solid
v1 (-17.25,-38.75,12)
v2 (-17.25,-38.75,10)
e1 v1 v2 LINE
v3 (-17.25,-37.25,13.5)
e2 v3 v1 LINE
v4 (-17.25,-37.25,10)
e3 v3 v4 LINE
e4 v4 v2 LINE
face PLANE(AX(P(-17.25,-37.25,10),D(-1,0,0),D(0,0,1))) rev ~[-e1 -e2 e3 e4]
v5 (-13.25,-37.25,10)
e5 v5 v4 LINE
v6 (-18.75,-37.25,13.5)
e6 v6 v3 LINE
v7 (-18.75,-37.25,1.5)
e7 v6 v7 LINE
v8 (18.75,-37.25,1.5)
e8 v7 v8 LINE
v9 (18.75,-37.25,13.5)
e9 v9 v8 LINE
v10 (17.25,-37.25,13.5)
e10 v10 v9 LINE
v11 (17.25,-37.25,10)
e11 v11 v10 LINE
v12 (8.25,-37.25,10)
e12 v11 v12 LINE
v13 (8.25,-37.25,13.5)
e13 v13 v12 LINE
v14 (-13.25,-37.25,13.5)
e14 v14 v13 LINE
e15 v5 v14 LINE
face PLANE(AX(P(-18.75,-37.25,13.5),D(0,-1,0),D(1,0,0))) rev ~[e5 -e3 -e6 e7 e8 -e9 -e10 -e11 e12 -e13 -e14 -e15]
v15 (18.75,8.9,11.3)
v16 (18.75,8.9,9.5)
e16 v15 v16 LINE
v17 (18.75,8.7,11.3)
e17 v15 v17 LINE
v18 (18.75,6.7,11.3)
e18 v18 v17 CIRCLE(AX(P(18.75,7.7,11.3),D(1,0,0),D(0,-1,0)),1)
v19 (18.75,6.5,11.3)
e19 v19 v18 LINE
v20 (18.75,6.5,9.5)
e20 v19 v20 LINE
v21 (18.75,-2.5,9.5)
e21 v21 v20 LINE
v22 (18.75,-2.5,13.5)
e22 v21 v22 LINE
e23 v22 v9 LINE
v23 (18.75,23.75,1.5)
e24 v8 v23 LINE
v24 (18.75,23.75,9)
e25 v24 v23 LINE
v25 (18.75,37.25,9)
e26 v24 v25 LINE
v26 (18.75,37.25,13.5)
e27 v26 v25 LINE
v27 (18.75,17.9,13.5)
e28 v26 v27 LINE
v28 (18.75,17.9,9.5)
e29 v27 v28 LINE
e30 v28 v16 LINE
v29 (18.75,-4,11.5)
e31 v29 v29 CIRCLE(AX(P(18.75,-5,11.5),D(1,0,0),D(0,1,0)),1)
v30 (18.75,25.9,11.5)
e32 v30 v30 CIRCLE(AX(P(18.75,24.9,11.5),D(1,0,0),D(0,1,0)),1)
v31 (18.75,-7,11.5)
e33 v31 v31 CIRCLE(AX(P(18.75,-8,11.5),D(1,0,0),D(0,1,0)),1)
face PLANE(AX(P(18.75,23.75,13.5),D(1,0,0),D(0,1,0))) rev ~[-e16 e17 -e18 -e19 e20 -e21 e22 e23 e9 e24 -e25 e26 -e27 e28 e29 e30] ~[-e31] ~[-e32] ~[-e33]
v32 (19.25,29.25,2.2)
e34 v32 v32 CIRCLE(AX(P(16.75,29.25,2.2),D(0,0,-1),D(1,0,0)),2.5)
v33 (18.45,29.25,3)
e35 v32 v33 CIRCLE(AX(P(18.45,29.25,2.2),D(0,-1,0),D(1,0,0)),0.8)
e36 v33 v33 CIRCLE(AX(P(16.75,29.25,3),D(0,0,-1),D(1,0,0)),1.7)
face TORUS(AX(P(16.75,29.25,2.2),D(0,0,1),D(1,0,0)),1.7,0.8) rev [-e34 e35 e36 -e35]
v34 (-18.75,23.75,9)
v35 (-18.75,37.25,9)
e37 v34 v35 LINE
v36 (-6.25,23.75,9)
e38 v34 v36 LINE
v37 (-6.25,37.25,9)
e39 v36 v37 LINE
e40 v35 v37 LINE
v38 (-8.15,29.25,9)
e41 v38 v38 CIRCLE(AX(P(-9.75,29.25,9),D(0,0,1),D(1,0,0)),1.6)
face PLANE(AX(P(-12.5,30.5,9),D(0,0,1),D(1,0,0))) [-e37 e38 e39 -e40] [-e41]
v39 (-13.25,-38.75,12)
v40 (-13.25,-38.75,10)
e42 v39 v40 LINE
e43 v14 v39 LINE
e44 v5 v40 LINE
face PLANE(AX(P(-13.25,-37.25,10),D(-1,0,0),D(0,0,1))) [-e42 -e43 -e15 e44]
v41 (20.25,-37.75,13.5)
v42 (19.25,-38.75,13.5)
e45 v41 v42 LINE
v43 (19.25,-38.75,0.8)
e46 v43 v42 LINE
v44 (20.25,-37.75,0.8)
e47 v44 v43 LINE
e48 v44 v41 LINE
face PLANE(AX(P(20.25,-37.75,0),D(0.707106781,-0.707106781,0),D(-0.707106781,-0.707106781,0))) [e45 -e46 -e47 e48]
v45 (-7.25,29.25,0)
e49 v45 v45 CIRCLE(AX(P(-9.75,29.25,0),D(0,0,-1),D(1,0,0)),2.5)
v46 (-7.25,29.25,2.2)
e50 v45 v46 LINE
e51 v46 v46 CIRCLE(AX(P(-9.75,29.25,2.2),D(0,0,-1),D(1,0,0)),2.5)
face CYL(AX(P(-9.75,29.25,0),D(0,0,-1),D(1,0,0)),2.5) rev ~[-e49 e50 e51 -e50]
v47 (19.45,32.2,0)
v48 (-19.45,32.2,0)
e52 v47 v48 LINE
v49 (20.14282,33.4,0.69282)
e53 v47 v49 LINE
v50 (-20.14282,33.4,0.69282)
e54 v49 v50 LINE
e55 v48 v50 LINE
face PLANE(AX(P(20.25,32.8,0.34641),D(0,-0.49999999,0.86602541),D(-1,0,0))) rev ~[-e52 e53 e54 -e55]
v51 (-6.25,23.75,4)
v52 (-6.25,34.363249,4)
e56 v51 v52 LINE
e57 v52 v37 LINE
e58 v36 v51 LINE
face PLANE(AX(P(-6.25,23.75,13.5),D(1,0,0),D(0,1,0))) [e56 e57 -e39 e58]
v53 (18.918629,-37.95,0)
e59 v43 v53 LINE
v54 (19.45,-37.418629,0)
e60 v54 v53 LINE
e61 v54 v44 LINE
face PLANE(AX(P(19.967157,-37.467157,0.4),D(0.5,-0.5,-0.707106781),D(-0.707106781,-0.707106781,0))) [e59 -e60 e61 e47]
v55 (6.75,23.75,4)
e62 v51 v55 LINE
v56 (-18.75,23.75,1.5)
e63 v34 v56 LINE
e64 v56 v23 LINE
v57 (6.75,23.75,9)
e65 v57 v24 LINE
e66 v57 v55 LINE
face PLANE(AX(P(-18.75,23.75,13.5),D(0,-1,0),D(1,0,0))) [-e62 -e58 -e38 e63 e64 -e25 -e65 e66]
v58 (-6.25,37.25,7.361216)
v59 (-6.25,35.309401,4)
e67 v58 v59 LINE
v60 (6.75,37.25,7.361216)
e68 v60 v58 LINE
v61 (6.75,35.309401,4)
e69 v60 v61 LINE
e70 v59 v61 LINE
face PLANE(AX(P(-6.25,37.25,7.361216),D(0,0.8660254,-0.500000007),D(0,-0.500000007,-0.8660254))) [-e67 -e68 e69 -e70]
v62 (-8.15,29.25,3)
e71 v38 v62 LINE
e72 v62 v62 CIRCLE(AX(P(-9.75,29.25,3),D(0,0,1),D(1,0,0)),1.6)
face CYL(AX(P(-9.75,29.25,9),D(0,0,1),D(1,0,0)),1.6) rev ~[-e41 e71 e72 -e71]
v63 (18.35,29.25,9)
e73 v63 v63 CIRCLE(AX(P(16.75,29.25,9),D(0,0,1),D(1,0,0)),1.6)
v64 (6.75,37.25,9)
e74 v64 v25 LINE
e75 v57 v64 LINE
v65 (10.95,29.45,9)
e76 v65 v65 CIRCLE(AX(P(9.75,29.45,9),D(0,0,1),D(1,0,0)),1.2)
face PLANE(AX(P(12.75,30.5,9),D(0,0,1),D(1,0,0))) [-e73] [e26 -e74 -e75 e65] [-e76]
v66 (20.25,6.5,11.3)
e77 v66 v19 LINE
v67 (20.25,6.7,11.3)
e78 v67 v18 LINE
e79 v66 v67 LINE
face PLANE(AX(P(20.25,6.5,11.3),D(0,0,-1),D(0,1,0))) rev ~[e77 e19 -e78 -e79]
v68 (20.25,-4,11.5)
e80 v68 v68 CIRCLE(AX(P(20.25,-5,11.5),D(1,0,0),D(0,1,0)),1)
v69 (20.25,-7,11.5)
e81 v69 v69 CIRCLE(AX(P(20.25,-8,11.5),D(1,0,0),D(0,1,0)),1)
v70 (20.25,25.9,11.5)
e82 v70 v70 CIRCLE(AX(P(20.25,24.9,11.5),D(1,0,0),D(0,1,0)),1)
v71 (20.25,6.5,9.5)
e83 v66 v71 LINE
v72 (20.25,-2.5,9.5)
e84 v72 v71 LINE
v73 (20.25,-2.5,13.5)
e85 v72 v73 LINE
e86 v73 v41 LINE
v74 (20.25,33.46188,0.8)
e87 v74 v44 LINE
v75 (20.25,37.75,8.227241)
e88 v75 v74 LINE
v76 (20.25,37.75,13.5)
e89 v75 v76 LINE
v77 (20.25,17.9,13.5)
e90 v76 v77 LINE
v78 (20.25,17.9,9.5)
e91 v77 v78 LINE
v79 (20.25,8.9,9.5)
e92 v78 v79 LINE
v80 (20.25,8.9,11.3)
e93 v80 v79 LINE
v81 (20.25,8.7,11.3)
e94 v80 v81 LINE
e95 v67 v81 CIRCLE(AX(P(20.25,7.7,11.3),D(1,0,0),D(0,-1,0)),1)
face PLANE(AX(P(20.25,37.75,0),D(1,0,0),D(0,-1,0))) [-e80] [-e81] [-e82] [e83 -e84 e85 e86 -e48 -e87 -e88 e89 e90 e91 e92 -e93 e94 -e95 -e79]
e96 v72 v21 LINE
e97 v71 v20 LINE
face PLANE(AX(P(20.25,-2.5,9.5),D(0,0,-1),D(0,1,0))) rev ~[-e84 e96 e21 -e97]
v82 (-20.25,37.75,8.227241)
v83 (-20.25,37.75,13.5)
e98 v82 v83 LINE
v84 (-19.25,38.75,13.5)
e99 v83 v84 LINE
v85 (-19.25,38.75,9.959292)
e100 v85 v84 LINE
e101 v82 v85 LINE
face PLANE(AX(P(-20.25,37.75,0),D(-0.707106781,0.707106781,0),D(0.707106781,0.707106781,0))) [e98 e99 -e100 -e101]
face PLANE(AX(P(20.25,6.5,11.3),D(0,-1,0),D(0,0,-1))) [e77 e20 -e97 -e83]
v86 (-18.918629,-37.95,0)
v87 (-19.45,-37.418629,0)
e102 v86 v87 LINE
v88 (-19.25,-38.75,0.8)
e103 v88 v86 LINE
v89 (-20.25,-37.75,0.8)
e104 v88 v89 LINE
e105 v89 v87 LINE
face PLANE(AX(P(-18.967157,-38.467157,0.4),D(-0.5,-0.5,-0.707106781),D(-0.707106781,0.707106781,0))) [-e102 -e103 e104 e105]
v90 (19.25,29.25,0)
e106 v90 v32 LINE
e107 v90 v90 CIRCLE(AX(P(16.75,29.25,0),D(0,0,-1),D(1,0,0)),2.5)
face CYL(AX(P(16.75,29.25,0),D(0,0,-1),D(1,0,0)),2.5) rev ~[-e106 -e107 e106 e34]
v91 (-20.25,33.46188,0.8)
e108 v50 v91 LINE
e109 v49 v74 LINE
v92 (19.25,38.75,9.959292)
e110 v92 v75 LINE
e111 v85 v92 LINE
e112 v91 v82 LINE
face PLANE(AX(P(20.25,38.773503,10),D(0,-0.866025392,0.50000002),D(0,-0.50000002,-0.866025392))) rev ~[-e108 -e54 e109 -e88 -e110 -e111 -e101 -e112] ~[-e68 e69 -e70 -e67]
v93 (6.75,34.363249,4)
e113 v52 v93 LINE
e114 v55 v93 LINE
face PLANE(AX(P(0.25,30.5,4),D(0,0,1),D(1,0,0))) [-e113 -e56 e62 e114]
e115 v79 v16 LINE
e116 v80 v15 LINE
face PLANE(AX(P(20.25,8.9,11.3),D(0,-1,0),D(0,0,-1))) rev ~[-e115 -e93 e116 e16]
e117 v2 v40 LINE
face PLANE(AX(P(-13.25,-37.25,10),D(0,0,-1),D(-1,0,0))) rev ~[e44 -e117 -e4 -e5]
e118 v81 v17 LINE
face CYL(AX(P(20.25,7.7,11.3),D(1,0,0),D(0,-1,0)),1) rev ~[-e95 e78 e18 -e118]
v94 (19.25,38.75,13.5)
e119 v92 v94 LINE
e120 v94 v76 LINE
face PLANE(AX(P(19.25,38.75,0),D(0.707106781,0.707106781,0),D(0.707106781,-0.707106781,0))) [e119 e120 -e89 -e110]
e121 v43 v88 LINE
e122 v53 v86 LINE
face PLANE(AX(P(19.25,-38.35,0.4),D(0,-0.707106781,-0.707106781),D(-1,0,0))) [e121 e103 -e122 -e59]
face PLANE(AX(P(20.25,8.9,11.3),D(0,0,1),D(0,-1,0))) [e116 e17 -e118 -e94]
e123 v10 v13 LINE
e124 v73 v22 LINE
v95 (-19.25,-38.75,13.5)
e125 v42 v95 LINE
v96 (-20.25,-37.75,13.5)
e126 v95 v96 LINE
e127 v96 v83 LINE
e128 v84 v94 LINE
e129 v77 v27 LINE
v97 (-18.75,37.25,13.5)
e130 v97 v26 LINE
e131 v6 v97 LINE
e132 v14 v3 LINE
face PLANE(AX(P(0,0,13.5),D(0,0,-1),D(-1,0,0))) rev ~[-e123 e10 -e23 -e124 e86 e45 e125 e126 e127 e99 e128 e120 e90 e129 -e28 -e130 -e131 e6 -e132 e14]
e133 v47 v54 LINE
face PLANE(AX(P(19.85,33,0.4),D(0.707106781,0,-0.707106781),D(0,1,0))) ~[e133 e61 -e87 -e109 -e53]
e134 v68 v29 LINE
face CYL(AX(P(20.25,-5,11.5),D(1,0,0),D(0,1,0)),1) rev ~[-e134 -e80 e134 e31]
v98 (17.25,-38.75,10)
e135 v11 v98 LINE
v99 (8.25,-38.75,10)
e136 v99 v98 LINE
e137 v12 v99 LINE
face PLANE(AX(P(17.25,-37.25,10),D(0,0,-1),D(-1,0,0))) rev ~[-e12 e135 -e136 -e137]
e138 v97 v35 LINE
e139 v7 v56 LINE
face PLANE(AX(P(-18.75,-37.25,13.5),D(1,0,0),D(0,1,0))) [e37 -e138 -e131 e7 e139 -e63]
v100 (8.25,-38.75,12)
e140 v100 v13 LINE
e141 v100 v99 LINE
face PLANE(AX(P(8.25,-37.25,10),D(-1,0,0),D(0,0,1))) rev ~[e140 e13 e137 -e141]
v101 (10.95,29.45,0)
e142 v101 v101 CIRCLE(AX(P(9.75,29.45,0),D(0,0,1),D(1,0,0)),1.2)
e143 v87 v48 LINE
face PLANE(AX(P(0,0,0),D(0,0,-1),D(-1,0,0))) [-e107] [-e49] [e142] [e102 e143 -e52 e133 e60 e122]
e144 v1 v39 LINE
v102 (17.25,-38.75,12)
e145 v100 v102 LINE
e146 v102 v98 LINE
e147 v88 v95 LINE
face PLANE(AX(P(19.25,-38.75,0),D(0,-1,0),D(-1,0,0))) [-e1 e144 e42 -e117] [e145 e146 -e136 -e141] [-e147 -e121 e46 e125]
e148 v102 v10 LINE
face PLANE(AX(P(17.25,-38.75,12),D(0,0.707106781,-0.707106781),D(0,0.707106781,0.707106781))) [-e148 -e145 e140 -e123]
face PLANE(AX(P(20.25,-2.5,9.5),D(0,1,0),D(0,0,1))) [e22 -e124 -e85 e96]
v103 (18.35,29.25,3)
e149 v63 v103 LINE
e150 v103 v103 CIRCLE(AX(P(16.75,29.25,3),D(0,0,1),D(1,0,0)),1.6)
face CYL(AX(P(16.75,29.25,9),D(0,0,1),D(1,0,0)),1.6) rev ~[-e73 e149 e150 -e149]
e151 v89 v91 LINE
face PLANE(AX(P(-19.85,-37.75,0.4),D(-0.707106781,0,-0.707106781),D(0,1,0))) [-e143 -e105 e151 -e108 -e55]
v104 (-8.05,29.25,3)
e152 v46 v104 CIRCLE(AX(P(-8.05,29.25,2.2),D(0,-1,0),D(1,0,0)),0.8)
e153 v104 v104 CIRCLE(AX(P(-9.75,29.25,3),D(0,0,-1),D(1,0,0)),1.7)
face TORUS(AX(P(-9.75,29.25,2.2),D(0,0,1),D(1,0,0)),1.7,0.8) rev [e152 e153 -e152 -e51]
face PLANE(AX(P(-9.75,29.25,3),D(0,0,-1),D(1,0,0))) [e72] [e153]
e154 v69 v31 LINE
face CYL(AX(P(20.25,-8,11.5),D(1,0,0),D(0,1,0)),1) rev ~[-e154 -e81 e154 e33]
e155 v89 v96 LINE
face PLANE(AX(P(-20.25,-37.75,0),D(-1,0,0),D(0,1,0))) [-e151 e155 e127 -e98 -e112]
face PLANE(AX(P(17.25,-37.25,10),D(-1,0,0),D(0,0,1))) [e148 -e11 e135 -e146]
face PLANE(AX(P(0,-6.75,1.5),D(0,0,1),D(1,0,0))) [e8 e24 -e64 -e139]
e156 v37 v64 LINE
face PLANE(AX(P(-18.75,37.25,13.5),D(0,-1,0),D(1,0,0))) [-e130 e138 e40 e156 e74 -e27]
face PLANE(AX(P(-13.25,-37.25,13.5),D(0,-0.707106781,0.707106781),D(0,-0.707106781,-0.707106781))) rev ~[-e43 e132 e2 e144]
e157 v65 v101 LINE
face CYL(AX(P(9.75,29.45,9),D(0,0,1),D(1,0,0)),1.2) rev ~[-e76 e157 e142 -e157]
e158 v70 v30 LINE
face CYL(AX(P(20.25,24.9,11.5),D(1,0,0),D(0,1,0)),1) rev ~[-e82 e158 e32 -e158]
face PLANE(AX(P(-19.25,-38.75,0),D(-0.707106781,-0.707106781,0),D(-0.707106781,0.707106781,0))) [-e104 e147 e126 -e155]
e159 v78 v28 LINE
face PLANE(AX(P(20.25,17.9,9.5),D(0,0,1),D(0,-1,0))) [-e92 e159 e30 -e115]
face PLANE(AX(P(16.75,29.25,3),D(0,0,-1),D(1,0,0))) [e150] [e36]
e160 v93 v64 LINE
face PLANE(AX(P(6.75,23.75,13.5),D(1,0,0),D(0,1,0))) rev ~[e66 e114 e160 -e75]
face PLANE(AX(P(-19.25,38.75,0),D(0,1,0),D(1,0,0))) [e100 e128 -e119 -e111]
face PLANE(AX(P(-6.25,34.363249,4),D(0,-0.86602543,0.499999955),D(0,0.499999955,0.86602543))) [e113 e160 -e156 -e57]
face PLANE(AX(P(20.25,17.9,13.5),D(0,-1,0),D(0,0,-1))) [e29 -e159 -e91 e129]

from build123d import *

# Parameters (mm, degrees)
PAD_DEPTH          = 13.5
SKETCH001_W        = 37.5
SKETCH001_H        = 61
POCKET_DEPTH       = 12
SKETCH002_W        = 13
SKETCH002_H        = 13.5
POCKET012020_DEPTH = 9.5
SKETCH004_W        = 12
SKETCH004_H        = 13.5
SKETCH004_W_2      = 12.5
POCKET012021_DEPTH = 4.5
SKETCH003_R        = 1.6
SKETCH003_R_2      = 1.2
POCKET012022_DEPTH = 9.001
SKETCH006_R        = 2.5
POCKET012023_DEPTH = 3
SKETCH007_R        = 1
POCKET012024_DEPTH = 1.5
POCKET012025_DEPTH = 40.501
PAD016_DEPTH       = 13
SKETCH019_W        = 9
SKETCH019_H        = 2
SKETCH019_W_2      = 4
POCKET012026_DEPTH = 1.501
POCKET012027_DEPTH = 9
POCKET012028_DEPTH = 4
CHAMFER_SIZE       = 0.8
FILLET001_R        = 0.8


with BuildPart() as part:
    # Sketch → Pad (new body)
    with BuildSketch(Plane.XY):
        Polygon((-19.25, 38.75), (19.25, 38.75), (20.25, 37.75), (20.25, -37.75), (19.25, -38.75), (-19.25, -38.75), (-20.25, -37.75), (-20.25, 37.75), align=None)
    extrude(amount=PAD_DEPTH)

    # Sketch001 → Pocket (cut)
    with BuildSketch(Plane.XY.offset(13.5)):
        with Locations((0, -6.75)):
            Rectangle(SKETCH001_W, SKETCH001_H)
    extrude(amount=-POCKET_DEPTH, mode=Mode.SUBTRACT)

    # Sketch002 → Pocket012020 (cut)
    with BuildSketch(Plane.XY.offset(13.5)):
        with Locations((0.25, 30.5)):
            Rectangle(SKETCH002_W, SKETCH002_H)
    extrude(amount=-POCKET012020_DEPTH, mode=Mode.SUBTRACT)

    # Sketch004 → Pocket012021 (cut)
    with BuildSketch(Plane.XY.offset(13.5)):
        with Locations((12.75, 30.5)):
            Rectangle(SKETCH004_W, SKETCH004_H)
        with Locations((-12.5, 30.5)):
            Rectangle(SKETCH004_W_2, SKETCH004_H)
    extrude(amount=-POCKET012021_DEPTH, mode=Mode.SUBTRACT)

    # Sketch003 → Pocket012022 (cut, through all)
    with BuildSketch(Plane.XY.offset(9)):
        with Locations((16.75, 29.25)):
            Circle(SKETCH003_R)
        with Locations((-9.75, 29.25)):
            Circle(SKETCH003_R)
        with Locations((9.75, 29.45)):
            Circle(SKETCH003_R_2)
    extrude(amount=-POCKET012022_DEPTH, mode=Mode.SUBTRACT)

    # Sketch006 → Pocket012023 (cut)
    with BuildSketch(Plane(origin=(0, 0, 0), x_dir=(1, 0, 0), z_dir=(0, 0, -1))):
        with Locations((16.75, -29.25)):
            Circle(SKETCH006_R)
        with Locations((-9.75, -29.25)):
            Circle(SKETCH006_R)
    extrude(amount=-POCKET012023_DEPTH, mode=Mode.SUBTRACT)

    # Sketch007 → Pocket012024 (cut)
    with BuildSketch(Plane.YZ.offset(20.25)):
        with Locations((24.9, 11.5)):
            Circle(SKETCH007_R)
        with Locations((-5, 11.5)):
            Circle(SKETCH007_R)
        with Locations((-8, 11.5)):
            Circle(SKETCH007_R)
        with BuildLine():
            Line((17.9, 13.5), (17.9, 9.5))
            Line((17.9, 9.5), (8.9, 9.5))
            Line((8.9, 11.3), (8.9, 9.5))
            Line((8.9, 11.3), (8.7, 11.3))
            ThreePointArc((6.7, 11.3), (7.7, 10.3), (8.7, 11.3))
            Line((6.5, 11.3), (6.7, 11.3))
            Line((6.5, 11.3), (6.5, 9.5))
            Line((-2.5, 9.5), (6.5, 9.5))
            Line((-2.5, 9.5), (-2.5, 13.5))
            Line((17.9, 13.5), (-2.5, 13.5))
        make_face()
    extrude(amount=-POCKET012024_DEPTH, mode=Mode.SUBTRACT)

    # Sketch017 → Pocket012025 (cut, through all)
    with BuildSketch(Plane.YZ.offset(20.25)):
        Polygon((38.773503, 10), (33, 0), (38.773503, 0), align=None)
    extrude(amount=-POCKET012025_DEPTH, mode=Mode.SUBTRACT)

    # Sketch018 → Pad016 (new body)
    with BuildSketch(Plane.YZ.offset(-6.25)):
        Polygon((37.25, 9), (37.25, 7.361216), (35.309401, 4), (34.363249, 4), align=None)
    extrude(amount=PAD016_DEPTH)

    # Sketch019 → Pocket012026 (cut, through all)
    with BuildSketch(Plane(origin=(0, -37.25, 0), x_dir=(-1, 0, 0), z_dir=(0, 1, 0))):
        with Locations((-12.75, 11)):
            Rectangle(SKETCH019_W, SKETCH019_H)
        with Locations((15.25, 11)):
            Rectangle(SKETCH019_W_2, SKETCH019_H)
    extrude(amount=-POCKET012026_DEPTH, mode=Mode.SUBTRACT)

    # Sketch022 → Pocket012027 (cut)
    with BuildSketch(Plane(origin=(17.25, 0, 0), x_dir=(0, -1, 0), z_dir=(-1, 0, 0))):
        Polygon((38.75, 12), (37.25, 13.5), (37.25, 12), align=None)
    extrude(amount=POCKET012027_DEPTH, mode=Mode.SUBTRACT)

    # Sketch039 → Pocket012028 (cut)
    with BuildSketch(Plane(origin=(-13.25, 0, 0), x_dir=(0, -1, 0), z_dir=(-1, 0, 0))):
        Polygon((38.75, 12), (37.25, 12), (37.25, 13.5), align=None)
    extrude(amount=POCKET012028_DEPTH, mode=Mode.SUBTRACT)

    # Chamfer
    chamfer_edges = [part.edges().sort_by_distance(p)[0] for p in [
        (0, -38.75, 0),
        (-19.75, -38.25, 0),
        (-20.25, -2.375, 0),
        (0, 33, 0),
        (20.25, -2.375, 0),
        (19.75, -38.25, 0),
    ]]
    chamfer(chamfer_edges, length=CHAMFER_SIZE)

    # Fillet001
    fillet001_edges = [part.edges().sort_by_distance(p)[0] for p in [
        (14.25, 29.25, 3),
        (-12.25, 29.25, 3),
    ]]
    fillet(fillet001_edges, radius=FILLET001_R)


solid = part.part
